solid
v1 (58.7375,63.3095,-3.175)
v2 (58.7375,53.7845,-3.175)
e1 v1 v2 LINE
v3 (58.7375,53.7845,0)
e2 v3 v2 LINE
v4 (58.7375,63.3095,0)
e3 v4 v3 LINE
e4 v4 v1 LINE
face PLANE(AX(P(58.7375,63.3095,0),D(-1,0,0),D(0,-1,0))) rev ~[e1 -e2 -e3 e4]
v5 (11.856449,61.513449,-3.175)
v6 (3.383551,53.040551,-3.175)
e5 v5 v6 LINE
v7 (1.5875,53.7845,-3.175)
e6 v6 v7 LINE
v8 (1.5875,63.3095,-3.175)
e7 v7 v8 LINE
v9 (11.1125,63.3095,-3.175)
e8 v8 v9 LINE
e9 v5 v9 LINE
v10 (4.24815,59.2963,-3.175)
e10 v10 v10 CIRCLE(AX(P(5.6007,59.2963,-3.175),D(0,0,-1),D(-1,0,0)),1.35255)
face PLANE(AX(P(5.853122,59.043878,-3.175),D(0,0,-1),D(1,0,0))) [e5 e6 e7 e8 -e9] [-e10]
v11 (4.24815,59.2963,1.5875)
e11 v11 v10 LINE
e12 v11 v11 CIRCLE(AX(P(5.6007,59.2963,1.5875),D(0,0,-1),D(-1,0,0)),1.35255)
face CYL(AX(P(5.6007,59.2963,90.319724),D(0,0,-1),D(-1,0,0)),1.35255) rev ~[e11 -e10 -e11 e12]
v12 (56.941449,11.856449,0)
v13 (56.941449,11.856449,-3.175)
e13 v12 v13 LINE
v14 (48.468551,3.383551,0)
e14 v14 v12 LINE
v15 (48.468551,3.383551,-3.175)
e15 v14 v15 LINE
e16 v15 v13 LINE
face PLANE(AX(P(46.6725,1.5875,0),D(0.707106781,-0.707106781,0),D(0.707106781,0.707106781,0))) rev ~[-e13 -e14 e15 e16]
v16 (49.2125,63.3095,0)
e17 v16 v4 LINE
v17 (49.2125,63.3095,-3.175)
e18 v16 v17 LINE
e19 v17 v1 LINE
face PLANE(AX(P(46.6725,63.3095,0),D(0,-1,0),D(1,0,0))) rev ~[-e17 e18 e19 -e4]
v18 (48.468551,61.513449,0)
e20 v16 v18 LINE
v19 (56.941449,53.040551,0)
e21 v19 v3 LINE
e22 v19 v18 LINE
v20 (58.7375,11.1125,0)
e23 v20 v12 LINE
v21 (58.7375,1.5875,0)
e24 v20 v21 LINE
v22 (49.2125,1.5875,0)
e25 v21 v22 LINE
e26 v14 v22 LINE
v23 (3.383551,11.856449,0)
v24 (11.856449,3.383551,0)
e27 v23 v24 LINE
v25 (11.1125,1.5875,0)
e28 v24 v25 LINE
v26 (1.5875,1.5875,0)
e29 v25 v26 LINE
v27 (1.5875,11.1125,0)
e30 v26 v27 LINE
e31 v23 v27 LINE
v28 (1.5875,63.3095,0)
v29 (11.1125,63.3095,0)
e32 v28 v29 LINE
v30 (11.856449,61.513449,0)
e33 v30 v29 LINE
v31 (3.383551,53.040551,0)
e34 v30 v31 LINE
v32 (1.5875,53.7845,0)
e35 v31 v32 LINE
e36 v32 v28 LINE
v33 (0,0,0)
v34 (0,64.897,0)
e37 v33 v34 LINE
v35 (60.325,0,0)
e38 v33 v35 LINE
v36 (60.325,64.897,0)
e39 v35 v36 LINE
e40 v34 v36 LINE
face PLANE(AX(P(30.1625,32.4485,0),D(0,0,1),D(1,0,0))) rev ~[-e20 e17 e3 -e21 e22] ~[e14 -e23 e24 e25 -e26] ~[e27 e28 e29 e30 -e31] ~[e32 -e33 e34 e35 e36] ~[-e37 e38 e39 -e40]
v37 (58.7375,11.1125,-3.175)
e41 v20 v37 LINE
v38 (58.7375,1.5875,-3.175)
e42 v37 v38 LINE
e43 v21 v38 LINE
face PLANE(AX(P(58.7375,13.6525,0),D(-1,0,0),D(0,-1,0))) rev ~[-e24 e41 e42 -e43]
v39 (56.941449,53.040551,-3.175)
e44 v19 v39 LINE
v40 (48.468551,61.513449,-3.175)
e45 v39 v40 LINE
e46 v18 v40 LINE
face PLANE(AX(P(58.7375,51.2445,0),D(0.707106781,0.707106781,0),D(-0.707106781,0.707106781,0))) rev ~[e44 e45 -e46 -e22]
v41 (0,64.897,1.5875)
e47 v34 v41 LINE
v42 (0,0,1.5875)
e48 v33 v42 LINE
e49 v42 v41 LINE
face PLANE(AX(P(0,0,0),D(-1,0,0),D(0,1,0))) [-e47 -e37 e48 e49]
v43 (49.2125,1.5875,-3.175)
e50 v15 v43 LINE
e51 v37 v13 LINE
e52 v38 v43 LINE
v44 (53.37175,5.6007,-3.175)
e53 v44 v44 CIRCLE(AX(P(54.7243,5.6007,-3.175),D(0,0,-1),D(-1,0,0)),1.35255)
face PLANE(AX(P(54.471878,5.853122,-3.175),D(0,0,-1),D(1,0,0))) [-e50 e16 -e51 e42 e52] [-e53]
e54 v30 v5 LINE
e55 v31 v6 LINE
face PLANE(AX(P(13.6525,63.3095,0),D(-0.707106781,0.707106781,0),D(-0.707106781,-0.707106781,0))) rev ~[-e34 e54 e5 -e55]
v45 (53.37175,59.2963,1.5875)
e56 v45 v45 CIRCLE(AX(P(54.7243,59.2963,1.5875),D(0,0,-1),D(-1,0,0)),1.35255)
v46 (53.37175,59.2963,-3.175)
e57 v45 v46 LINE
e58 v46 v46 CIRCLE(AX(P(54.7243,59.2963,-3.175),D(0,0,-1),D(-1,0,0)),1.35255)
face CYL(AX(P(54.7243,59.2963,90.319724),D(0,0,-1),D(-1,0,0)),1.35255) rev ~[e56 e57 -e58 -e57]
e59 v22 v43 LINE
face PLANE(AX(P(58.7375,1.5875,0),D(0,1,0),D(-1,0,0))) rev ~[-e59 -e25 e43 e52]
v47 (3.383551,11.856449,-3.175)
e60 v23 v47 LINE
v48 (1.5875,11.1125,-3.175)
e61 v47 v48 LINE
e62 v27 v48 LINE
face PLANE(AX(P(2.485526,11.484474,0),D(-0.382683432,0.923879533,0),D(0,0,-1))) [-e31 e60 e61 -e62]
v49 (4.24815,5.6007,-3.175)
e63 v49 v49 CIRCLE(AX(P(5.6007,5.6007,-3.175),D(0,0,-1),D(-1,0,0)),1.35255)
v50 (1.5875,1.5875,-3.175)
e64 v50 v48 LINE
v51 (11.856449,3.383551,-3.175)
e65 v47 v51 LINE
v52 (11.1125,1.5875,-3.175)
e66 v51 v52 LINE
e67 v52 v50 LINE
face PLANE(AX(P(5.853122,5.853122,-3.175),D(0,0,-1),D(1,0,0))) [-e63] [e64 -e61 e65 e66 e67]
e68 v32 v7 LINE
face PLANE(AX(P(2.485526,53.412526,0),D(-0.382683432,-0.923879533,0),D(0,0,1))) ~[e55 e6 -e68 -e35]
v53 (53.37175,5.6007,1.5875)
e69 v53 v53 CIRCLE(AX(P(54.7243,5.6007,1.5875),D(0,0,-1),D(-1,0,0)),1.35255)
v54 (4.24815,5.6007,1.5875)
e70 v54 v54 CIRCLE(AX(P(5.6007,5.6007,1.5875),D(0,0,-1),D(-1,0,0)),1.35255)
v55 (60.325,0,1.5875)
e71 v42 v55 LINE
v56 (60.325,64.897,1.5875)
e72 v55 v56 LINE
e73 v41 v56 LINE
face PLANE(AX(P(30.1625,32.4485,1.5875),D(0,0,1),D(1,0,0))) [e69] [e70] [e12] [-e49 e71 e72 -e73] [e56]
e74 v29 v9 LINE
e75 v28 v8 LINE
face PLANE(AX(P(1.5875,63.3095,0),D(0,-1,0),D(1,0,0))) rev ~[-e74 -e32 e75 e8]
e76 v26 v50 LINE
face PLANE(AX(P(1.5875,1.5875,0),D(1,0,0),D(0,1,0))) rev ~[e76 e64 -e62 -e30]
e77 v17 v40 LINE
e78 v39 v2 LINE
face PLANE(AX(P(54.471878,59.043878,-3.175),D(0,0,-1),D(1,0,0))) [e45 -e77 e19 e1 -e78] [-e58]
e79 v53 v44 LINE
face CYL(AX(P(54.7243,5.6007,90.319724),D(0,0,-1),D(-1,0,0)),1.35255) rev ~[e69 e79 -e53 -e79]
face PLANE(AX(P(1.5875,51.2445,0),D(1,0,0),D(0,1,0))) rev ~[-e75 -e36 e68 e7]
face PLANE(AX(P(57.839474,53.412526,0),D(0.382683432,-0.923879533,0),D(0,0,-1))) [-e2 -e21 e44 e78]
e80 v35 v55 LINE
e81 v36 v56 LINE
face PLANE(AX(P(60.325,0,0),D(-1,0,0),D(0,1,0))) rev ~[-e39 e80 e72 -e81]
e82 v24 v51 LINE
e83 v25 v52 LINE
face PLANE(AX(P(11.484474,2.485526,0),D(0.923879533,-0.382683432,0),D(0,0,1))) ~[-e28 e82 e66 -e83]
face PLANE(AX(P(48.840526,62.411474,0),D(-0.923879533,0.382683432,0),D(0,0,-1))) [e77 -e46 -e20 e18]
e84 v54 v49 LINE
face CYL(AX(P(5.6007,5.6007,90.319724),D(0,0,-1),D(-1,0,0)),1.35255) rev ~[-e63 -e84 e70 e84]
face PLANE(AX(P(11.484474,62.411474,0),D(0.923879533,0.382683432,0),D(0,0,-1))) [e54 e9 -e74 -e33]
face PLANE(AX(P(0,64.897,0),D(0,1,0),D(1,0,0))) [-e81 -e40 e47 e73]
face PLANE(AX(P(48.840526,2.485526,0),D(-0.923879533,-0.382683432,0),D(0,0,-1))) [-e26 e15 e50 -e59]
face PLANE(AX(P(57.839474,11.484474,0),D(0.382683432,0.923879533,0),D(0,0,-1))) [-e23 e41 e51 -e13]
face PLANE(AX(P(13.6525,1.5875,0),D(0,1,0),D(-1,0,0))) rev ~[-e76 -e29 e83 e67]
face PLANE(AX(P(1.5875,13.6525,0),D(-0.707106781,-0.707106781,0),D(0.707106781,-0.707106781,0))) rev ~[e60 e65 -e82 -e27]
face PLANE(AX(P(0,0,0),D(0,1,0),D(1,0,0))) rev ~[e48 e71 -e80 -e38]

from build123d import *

# Parameters (mm, degrees)
F0_W     = 60.325
F0_H     = 64.897
F1_DEPTH = 1.5875
F3_DEPTH = 3.175
F5_DEPTH = 3.175
F7_D     = 2.7051
F8_SIZE  = 2.54


with BuildPart() as f1:
    # F0 (on Top) → F1 (new body)
    with BuildSketch(Plane.XY):
        with Locations((30.1625, 32.4485)):
            Rectangle(F0_W, F0_H)
    extrude(amount=F1_DEPTH)

    # F2 (on face) → F3 (join)
    with BuildSketch(Plane(origin=(0, 0, 0), x_dir=(1, 0, 0), z_dir=(0, 0, -1))):
        Polygon((58.7375, -63.3095), (58.7375, -51.2445), (46.6725, -63.3095), align=None)
        Polygon((58.7375, -1.5875), (46.6725, -1.5875), (58.7375, -13.6525), align=None)
    extrude(amount=F3_DEPTH)

    # F4 (on face) → F5 (join)
    with BuildSketch(Plane(origin=(0, 0, 0), x_dir=(1, 0, 0), z_dir=(0, 0, -1))):
        Polygon((13.6525, -1.5875), (1.5875, -1.5875), (1.5875, -13.6525), align=None)
        Polygon((1.5875, -51.2445), (1.5875, -63.3095), (13.6525, -63.3095), align=None)
    extrude(amount=F5_DEPTH)

    # F7 (through all)
    with Locations(Plane.XY.offset(1.5875)):
        with Locations((54.7243, 59.2963), (54.7243, 5.6007), (5.6007, 5.6007), (5.6007, 59.2963)):
            Hole(F7_D / 2)

    # F8
    f8_edges = [f1.edges().sort_by_distance(p)[0] for p in [
        (46.6725, 1.5875, -1.5875),
        (58.7375, 13.6525, -1.5875),
        (58.7375, 51.2445, -1.5875),
        (46.6725, 63.3095, -1.5875),
        (13.6525, 1.5875, -1.5875),
        (1.5875, 13.6525, -1.5875),
        (1.5875, 51.2445, -1.5875),
        (13.6525, 63.3095, -1.5875),
    ]]
    chamfer(f8_edges, length=F8_SIZE)


solid = f1.part
